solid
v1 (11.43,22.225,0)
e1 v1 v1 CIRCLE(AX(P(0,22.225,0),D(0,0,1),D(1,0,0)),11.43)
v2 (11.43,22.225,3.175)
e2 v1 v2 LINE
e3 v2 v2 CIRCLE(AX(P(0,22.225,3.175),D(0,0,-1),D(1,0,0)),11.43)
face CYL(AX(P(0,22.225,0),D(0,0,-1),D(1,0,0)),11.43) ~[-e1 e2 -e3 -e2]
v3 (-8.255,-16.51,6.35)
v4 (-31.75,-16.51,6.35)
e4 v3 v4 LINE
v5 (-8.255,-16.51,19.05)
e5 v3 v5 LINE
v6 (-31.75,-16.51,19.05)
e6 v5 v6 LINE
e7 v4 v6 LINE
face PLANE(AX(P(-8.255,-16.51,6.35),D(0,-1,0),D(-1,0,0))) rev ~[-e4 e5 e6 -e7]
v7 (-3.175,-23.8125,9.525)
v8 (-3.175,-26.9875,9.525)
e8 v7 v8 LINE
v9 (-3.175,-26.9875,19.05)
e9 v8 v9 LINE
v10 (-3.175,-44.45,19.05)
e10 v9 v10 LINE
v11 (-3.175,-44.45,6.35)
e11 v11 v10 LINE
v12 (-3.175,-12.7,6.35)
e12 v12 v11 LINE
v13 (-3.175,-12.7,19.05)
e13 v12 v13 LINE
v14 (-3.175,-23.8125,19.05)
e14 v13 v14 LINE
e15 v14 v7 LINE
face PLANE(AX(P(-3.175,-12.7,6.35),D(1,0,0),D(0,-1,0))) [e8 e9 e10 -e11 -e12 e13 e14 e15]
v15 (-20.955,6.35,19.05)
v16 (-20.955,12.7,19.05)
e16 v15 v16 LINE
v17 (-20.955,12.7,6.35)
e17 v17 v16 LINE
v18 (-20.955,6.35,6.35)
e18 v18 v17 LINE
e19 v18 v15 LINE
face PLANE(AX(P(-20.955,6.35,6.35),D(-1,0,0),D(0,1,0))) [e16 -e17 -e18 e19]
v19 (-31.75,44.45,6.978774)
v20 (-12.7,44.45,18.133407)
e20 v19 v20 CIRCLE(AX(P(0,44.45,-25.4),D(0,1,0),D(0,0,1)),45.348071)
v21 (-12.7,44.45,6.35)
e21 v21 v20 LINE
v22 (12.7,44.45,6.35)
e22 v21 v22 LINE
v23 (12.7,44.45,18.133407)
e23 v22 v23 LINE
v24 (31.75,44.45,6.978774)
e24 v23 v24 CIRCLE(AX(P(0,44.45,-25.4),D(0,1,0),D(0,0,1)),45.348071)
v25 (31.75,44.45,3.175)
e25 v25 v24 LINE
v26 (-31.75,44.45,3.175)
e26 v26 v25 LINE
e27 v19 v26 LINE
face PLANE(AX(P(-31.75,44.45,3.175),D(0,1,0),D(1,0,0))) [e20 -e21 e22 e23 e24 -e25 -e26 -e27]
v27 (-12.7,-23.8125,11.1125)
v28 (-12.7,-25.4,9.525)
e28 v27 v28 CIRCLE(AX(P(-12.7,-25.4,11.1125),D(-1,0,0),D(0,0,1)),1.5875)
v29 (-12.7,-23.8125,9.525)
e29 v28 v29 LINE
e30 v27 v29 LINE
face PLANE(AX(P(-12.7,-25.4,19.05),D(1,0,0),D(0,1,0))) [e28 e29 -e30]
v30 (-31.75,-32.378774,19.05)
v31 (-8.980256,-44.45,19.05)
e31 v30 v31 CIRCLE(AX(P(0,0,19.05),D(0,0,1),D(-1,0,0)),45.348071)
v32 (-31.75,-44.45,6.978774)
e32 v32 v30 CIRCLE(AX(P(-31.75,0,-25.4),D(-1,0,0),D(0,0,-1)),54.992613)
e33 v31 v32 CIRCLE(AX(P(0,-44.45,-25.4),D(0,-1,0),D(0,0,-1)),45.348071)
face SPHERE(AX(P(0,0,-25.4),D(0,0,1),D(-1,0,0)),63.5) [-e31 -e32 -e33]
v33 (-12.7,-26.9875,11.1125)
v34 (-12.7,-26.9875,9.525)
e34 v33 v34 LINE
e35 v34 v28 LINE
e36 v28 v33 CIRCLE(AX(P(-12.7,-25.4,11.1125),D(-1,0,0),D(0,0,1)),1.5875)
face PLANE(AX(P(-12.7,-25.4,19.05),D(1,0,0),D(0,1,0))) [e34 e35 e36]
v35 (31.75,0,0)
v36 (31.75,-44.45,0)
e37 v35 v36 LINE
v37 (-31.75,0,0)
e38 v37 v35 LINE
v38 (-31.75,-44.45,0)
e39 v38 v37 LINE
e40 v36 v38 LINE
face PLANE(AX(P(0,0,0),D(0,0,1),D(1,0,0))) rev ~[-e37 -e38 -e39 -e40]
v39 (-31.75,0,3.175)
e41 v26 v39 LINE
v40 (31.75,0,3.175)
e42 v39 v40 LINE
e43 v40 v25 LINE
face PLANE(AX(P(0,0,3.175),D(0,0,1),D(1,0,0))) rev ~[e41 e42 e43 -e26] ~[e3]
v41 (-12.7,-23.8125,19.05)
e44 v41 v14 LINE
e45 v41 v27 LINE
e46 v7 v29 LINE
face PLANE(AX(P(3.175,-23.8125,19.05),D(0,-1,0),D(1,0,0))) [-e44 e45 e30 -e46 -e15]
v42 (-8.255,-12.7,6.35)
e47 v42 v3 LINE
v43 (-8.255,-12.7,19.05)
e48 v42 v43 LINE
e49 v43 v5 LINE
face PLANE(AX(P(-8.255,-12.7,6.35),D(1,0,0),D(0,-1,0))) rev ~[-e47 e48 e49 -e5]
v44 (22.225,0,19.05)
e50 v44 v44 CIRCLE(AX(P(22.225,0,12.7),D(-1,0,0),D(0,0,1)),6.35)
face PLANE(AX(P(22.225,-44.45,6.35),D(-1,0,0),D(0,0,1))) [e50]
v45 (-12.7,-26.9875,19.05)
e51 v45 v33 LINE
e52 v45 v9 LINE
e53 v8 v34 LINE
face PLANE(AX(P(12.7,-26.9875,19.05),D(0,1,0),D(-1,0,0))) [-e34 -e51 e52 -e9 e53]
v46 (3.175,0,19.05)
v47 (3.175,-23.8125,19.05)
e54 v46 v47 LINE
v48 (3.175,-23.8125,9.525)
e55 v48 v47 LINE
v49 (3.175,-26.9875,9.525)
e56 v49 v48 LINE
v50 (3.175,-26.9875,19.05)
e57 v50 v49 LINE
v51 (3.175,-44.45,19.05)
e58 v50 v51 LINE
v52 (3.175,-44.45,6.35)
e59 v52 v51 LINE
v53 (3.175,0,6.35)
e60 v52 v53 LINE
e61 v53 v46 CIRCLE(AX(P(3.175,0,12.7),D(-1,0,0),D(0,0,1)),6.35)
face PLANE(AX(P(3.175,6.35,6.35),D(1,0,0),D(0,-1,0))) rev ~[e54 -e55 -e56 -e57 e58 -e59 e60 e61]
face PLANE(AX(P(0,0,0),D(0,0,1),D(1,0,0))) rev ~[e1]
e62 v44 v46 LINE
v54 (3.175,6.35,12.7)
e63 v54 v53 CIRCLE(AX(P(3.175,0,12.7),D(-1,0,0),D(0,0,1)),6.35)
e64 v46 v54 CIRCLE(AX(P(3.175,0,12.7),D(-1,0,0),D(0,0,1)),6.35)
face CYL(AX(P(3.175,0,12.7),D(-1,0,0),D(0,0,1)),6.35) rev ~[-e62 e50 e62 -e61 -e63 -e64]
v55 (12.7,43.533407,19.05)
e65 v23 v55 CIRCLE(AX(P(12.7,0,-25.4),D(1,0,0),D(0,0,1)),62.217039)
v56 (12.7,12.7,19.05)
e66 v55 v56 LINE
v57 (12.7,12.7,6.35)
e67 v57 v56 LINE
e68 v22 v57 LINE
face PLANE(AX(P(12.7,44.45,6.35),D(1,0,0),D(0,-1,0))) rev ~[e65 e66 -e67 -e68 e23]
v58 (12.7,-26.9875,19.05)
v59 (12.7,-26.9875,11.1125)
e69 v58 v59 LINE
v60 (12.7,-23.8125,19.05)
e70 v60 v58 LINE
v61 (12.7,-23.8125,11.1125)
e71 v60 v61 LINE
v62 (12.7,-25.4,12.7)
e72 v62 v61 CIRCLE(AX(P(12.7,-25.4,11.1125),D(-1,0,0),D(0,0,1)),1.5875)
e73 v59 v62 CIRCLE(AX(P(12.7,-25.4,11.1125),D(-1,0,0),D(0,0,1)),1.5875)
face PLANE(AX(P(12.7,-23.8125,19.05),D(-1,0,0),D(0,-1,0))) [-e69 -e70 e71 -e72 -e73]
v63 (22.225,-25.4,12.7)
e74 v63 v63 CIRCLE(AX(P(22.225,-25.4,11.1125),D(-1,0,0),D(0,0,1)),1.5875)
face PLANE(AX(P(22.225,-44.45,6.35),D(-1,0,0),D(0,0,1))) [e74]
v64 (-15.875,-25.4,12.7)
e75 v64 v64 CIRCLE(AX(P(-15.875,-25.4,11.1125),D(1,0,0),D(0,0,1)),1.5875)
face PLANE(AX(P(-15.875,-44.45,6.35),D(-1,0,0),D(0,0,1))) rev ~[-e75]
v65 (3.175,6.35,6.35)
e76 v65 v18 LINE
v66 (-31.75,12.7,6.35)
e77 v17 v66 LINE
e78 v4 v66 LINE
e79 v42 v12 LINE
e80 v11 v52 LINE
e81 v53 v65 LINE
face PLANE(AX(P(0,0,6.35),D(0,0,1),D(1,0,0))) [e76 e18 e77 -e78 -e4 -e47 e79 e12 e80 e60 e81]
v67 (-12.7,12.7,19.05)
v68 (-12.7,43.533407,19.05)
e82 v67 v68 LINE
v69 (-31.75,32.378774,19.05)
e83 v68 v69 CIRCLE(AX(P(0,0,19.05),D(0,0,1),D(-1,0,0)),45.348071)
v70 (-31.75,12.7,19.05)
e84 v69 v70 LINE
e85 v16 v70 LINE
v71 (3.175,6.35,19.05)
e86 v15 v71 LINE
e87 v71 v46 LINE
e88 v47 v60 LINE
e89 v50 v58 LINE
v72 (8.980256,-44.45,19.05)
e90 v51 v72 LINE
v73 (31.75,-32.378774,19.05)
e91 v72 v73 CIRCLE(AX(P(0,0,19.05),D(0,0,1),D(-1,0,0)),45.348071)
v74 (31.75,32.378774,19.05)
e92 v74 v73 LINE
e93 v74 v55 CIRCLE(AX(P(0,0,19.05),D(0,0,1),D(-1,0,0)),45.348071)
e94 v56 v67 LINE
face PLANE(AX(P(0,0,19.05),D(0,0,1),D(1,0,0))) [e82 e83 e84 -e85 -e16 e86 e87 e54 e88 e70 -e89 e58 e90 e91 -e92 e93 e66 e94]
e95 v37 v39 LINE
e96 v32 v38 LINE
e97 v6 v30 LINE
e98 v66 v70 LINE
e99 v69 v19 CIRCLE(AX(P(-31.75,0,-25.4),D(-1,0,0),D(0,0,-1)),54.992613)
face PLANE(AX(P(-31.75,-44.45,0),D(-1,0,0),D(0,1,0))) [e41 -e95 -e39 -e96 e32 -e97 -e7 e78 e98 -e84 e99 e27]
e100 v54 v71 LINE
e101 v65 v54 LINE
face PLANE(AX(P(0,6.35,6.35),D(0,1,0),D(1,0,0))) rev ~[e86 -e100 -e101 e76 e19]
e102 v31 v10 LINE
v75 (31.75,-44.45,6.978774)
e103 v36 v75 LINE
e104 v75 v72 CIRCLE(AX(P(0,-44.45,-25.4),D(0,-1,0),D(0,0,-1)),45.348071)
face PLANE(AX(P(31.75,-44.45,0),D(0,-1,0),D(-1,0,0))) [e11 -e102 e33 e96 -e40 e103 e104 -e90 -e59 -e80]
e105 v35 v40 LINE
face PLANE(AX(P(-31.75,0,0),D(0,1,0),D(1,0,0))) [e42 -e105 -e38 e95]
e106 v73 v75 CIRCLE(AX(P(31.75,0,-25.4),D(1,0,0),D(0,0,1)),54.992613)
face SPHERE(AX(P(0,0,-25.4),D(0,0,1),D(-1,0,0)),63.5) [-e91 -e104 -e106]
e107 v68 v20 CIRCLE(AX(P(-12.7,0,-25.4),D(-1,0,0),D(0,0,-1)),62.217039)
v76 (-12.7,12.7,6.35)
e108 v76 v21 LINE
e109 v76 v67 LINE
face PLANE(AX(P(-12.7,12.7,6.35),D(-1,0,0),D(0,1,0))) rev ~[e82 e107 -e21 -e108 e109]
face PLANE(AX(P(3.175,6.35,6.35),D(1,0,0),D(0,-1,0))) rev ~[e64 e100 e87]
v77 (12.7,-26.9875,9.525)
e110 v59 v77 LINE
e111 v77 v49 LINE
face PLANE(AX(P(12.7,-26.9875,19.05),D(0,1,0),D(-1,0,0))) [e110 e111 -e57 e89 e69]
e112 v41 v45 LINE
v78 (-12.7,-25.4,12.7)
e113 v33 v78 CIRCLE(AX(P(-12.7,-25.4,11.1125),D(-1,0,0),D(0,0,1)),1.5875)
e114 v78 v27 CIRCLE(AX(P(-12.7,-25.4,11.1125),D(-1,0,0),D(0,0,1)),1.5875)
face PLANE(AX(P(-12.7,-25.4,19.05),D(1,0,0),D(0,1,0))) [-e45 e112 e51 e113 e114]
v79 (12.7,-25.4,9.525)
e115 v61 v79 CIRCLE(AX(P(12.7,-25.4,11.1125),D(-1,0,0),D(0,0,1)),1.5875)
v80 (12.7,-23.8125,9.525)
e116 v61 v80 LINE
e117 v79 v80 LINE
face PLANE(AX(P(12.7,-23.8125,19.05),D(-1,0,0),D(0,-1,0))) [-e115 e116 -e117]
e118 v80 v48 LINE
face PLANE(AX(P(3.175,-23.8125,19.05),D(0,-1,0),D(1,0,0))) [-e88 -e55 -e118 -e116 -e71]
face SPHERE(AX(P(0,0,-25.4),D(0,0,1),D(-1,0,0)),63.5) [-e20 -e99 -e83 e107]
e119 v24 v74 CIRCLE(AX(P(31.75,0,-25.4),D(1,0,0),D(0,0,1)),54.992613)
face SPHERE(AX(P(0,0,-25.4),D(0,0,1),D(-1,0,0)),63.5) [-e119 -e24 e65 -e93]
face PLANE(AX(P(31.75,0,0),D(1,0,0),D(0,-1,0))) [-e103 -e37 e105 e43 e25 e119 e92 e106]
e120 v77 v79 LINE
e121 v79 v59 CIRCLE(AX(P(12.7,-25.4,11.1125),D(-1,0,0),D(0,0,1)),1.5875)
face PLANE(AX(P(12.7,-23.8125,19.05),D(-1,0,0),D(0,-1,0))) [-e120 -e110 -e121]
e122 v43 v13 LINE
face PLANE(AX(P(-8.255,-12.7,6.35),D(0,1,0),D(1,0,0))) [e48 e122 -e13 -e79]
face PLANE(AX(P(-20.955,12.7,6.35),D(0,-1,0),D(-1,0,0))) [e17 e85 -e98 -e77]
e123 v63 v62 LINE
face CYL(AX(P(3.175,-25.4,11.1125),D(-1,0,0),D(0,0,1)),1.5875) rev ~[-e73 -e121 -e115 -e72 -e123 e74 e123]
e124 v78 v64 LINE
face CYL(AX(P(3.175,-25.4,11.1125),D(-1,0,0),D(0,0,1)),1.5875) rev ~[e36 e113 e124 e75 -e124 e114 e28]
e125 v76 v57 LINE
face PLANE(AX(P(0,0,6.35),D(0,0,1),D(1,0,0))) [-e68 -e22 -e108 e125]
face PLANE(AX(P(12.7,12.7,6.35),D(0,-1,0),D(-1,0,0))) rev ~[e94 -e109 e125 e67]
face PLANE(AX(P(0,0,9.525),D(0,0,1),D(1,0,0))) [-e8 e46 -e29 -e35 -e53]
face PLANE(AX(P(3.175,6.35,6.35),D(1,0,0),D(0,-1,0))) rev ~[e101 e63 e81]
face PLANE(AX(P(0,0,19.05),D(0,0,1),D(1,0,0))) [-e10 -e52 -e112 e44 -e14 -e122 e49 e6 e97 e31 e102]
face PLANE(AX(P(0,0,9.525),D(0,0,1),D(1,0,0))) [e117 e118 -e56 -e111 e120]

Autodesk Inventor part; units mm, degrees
ref_plane "YZ Plane" through (0, 0, 0) normal (1, 0, 0) x (0, 1, 0)
ref_plane "XZ Plane" through (0, 0, 0) normal (0, 1, 0) x (-1, 0, 0)
ref_plane "XY Plane" through (0, 0, 0) normal (0, 0, 1) x (1, 0, 0)
sketch "Sketch1" plane through (0, 0, 0) normal (0, 0, 1) x (1, 0, 0)
  line L0 (31.75, -44.45) -> (-31.75, -44.45)
  line L1 (-31.75, -44.45) -> (-31.75, 44.45)
  line L2 (-31.75, 44.45) -> (31.75, 44.45)
  line L3 (31.75, 44.45) -> (31.75, -44.45)
  line L4 (31.75, -44.45) -> (-31.75, 44.45) construction
  line L5 (-31.75, -44.45) -> (31.75, 44.45) construction
  line L6 (-31.75, 0) -> (31.75, 0)
  line L7 (-31.75, 44.45) -> (31.75, 0)
  line L8 (-31.75, 0) -> (31.75, 44.45)
  circle A0 centre (0, 22.225) radius 11.43
  point P0 (0, 0)
  dimension "d0" = 63.5
  dimension "d1" = 44.45
  dimension "d2" = 22.86
extrude "Extrusion1" add sketch "Sketch1" along normal blind 3.175 contours L0 L1 L6 L3 | A0 L8 L7 | L7 L8 A0 | A0 L7 L8 | L8 L7 A0
sketch "Sketch2" plane through (0, 0, 3.175) normal (0, 0, 1) x (1, 0, 0)
  line L0 (31.75, -44.45) -> (31.75, 0) projected
  line L1 (31.75, 0) -> (-31.75, 0) projected
  line L2 (-31.75, 0) -> (-31.75, -44.45) projected
  line L3 (-31.75, -44.45) -> (31.75, -44.45) projected
  line L4 (-31.75, 44.45) -> (31.75, 44.45)
  line L5 (31.75, 44.45) -> (31.75, -44.45)
  line L6 (31.75, -44.45) -> (-31.75, -44.45)
  line L7 (-31.75, -44.45) -> (-31.75, 44.45)
  line L8 (-31.75, 44.45) -> (31.75, -44.45) construction
  line L9 (31.75, 44.45) -> (-31.75, -44.45) construction
  point P0 (0, 0)
extrude "Extrusion2" add sketch "Sketch2" along normal blind 3.175
sketch "Sketch3" plane through (0, 0, 6.35) normal (0, 0, 1) x (1, 0, 0)
  circle A0 centre (0, -0.4493) radius 54.991
  line L0 (0, -0.4493) -> (0, 0)
  line L1 (31.75, -44.45) -> (31.75, 44.45) projected
  line L2 (31.75, 44.45) -> (-31.75, 44.45) projected
  line L3 (-31.75, 44.45) -> (-31.75, -44.45) projected
  line L4 (-31.75, -44.45) -> (31.75, -44.45) projected
  line L5 (-31.75, -44.45) -> (31.75, -44.45) projected
  line L6 (0, 44.45) -> (0, -44.45)
  line L7 (31.75, 0) -> (-31.75, 0) projected
  line L8 (-31.75, 0) -> (31.75, 0)
  line L9 (12.7, 12.7) -> (-12.7, 12.7)
  line L10 (-12.7, 12.7) -> (-12.7, 44.45)
  line L11 (-12.7, 44.45) -> (12.7, 44.45)
  line L12 (12.7, 44.45) -> (12.7, 12.7)
  line L13 (12.7, 12.7) -> (-12.7, 44.45) construction
  line L14 (-12.7, 12.7) -> (12.7, 44.45) construction
  line L15 (-33.655, 6.35) -> (-8.255, 6.35)
  line L16 (-8.255, 6.35) -> (-8.255, -16.51)
  line L17 (-8.255, -16.51) -> (-33.655, -16.51)
  line L18 (-33.655, -16.51) -> (-33.655, 6.35)
  line L19 (-8.255, 6.35) -> (31.75, 6.35)
  line L20 (-8.255, -12.7) -> (-3.175, -12.7)
  line L21 (-3.175, -12.7) -> (-3.175, -44.45)
  line L22 (-20.955, 6.35) -> (-20.955, 12.7)
  line L23 (-20.955, 12.7) -> (-31.75, 12.7)
  line L24 (3.175, 6.35) -> (3.175, -44.45)
  point P0 (0, -55.4403)
  point P1 (0, 28.575)
  point P2 (3.175, -44.45)
  point P3 (-3.175, -44.45)
  point P4 (-31.75, -16.51)
  dimension "d8" = 109.982
  dimension "d9" = 25.4
  dimension "d10" = 31.75
  dimension "d11" = 25.4
  dimension "d12" = 8.255
  dimension "d13" = 6.35
  dimension "d14" = 22.86
  dimension "d15" = 5.08
  dimension "d16" = 19.05
  dimension "d17" = 6.35
extrude "Extrusion3" add sketch "Sketch3" along normal blind 12.7 contours L1 L19 L6 L9 L12 L2 | L2 L10 L9 L6 L19 L15 L22 L23 L3 | L1 L7 L24 L19 | L1 L4 L24 L7 | L17 L16 L20 L21 L4 L3
sketch "Sketch4" plane through (0, 0, 19.05) normal (0, 0, 1) x (1, 0, 0)
  line L0 (-20.955, 12.7) -> (-20.955, 6.35) projected
  line L1 (-20.955, 6.35) -> (3.175, 6.35) projected
  line L2 (3.175, 6.35) -> (3.175, -44.45) projected
  line L3 (3.175, -44.45) -> (31.75, -44.45) projected
  line L4 (31.75, -44.45) -> (31.75, 44.45) projected
  line L5 (31.75, 44.45) -> (12.7, 44.45) projected
  line L6 (12.7, 44.45) -> (12.7, 12.7) projected
  line L7 (12.7, 12.7) -> (-12.7, 12.7) projected
  line L8 (-12.7, 12.7) -> (-12.7, 44.45) projected
  line L9 (-12.7, 44.45) -> (-31.75, 44.45) projected
  line L10 (-31.75, 44.45) -> (-31.75, 12.7) projected
  line L11 (-31.75, 12.7) -> (-20.955, 12.7) projected
  line L12 (-3.175, -12.7) -> (-8.255, -12.7) projected
  line L13 (-8.255, -12.7) -> (-8.255, -16.51) projected
  line L14 (-8.255, -16.51) -> (-31.75, -16.51) projected
  line L15 (-31.75, -16.51) -> (-31.75, -44.45) projected
  line L16 (-31.75, -44.45) -> (-3.175, -44.45) projected
  line L17 (-3.175, -44.45) -> (-3.175, -12.7) projected
  line L18 (3.175, -44.45) -> (3.175, 6.35) projected
  line L19 (3.175, 6.35) -> (-20.955, 6.35) projected
  line L20 (-20.955, 6.35) -> (-20.955, 12.7) projected
  line L21 (-20.955, 12.7) -> (-31.75, 12.7) projected
  line L22 (-31.75, 12.7) -> (-31.75, -16.51) projected
  line L23 (-31.75, -16.51) -> (-8.255, -16.51) projected
  line L24 (-8.255, -16.51) -> (-8.255, -12.7) projected
  line L25 (-8.255, -12.7) -> (-3.175, -12.7) projected
  line L26 (-3.175, -12.7) -> (-3.175, -44.45) projected
  line L27 (-3.175, -44.45) -> (3.175, -44.45) projected
  line L28 (31.75, 0) -> (-31.75, 0) projected
  line L29 (-31.75, -25.4) -> (31.75, -25.4)
  line L30 (0, 0) -> (0, -44.45)
  line L31 (12.7, -26.9875) -> (-12.7, -26.9875)
  line L32 (-12.7, -26.9875) -> (-12.7, -23.8125)
  line L33 (-12.7, -23.8125) -> (12.7, -23.8125)
  line L34 (12.7, -23.8125) -> (12.7, -26.9875)
  line L35 (12.7, -26.9875) -> (-12.7, -23.8125) construction
  line L36 (-12.7, -26.9875) -> (12.7, -23.8125) construction
  point P0 (0, -25.4)
  dimension "d20" = 25.4
  dimension "d21" = 3.175
  dimension "d22" = 25.4
extrude "Extrusion4" cut sketch "Sketch4" against normal blind 9.525 contours L33 L34 L29 L2 | L2 L29 L30 L33 | L30 L29 L17 L33 | L29 L34 L31 L2 | L2 L31 L30 L29 | L32 L33 L17 L29 | L29 L17 L31 L32 | L30 L31 L17 L29
sketch "Sketch5" plane through (0, 0, 0) normal (0, 1, 0) x (-1, 0, 0)
  line L0 (-31.75, 3.175) -> (31.75, 3.175) projected
  line L1 (31.75, 3.175) -> (31.75, 19.05) projected
  line L2 (12.7, 19.05) -> (31.75, 19.05) projected
  line L3 (12.7, 6.35) -> (12.7, 19.05) projected
  line L4 (-12.7, 6.35) -> (12.7, 6.35) projected
  line L5 (-12.7, 6.35) -> (-12.7, 19.05) projected
  line L6 (-31.75, 19.05) -> (-12.7, 19.05) projected
  line L7 (-31.75, 3.175) -> (-31.75, 19.05) projected
  circle A0 centre (0, -25.4) radius 63.5
  line L8 (0, 0) -> (0, -25.4)
  circle A1 centre (0, -25.4) radius 114.3
  line L9 (0, -25.4) -> (114.3, -25.4)
  line L10 (0, -25.4) -> (0, 88.9)
  point P0 (0, 38.1)
  point P1 (63.5, -25.4)
  dimension "d25" = 28.575
  dimension "d26" = 127
  dimension "d27" = 50.8
revolve "Revolution1" cut sketch "Sketch5" angle 360 about axis through (0, 0, -25.4) along (0, 0, 1) picked at (44.2136, 61.1262) contours L10 A1 L9 A0
sketch "Sketch7" plane through (3.175, -44.45, 6.35) normal (-1, 0, 0) x (0, 0, 1)
  arc A0 (0.6288, 0) -> (12.7, 12.0712) centre (-31.75, 44.45) ccw projected
  line L0 (-6.35, 0) -> (0.6288, 0) projected
  line L1 (-6.35, 0) -> (-6.35, 44.45) projected
  line L2 (-6.35, 44.45) -> (-3.175, 44.45) projected
  line L3 (-3.175, 44.45) -> (-3.175, 88.9) projected
  line L4 (-3.175, 88.9) -> (0.6288, 88.9) projected
  arc A1 (12.7, 76.8288) -> (0.6288, 88.9) centre (-31.75, 44.45) ccw projected
  line L5 (12.7, 12.0712) -> (12.7, 76.8288) projected
  line L6 (0, 50.8) -> (12.7, 50.8) projected
  line L7 (12.7, 20.6375) -> (3.175, 20.6375) projected
  line L8 (12.7, 17.4625) -> (3.175, 17.4625) projected
  circle A2 centre (6.35, 44.45) radius 6.35
  circle A3 centre (4.7625, 19.05) radius 1.5875
  line L9 (3.175, 20.6375) -> (3.175, 17.4625) projected
  line L10 (12.7, 20.6375) -> (3.175, 20.6375) projected
  circle A4 centre (6.35, 44.45) radius 2.4478
  dimension "d37" = 12.7
  dimension "d38" = 3.175
extrude "Extrusion5" cut sketch "Sketch7" along normal mid plane 38.1 contours A3 | A2 | A4
properties part number "bunny head anchor"
